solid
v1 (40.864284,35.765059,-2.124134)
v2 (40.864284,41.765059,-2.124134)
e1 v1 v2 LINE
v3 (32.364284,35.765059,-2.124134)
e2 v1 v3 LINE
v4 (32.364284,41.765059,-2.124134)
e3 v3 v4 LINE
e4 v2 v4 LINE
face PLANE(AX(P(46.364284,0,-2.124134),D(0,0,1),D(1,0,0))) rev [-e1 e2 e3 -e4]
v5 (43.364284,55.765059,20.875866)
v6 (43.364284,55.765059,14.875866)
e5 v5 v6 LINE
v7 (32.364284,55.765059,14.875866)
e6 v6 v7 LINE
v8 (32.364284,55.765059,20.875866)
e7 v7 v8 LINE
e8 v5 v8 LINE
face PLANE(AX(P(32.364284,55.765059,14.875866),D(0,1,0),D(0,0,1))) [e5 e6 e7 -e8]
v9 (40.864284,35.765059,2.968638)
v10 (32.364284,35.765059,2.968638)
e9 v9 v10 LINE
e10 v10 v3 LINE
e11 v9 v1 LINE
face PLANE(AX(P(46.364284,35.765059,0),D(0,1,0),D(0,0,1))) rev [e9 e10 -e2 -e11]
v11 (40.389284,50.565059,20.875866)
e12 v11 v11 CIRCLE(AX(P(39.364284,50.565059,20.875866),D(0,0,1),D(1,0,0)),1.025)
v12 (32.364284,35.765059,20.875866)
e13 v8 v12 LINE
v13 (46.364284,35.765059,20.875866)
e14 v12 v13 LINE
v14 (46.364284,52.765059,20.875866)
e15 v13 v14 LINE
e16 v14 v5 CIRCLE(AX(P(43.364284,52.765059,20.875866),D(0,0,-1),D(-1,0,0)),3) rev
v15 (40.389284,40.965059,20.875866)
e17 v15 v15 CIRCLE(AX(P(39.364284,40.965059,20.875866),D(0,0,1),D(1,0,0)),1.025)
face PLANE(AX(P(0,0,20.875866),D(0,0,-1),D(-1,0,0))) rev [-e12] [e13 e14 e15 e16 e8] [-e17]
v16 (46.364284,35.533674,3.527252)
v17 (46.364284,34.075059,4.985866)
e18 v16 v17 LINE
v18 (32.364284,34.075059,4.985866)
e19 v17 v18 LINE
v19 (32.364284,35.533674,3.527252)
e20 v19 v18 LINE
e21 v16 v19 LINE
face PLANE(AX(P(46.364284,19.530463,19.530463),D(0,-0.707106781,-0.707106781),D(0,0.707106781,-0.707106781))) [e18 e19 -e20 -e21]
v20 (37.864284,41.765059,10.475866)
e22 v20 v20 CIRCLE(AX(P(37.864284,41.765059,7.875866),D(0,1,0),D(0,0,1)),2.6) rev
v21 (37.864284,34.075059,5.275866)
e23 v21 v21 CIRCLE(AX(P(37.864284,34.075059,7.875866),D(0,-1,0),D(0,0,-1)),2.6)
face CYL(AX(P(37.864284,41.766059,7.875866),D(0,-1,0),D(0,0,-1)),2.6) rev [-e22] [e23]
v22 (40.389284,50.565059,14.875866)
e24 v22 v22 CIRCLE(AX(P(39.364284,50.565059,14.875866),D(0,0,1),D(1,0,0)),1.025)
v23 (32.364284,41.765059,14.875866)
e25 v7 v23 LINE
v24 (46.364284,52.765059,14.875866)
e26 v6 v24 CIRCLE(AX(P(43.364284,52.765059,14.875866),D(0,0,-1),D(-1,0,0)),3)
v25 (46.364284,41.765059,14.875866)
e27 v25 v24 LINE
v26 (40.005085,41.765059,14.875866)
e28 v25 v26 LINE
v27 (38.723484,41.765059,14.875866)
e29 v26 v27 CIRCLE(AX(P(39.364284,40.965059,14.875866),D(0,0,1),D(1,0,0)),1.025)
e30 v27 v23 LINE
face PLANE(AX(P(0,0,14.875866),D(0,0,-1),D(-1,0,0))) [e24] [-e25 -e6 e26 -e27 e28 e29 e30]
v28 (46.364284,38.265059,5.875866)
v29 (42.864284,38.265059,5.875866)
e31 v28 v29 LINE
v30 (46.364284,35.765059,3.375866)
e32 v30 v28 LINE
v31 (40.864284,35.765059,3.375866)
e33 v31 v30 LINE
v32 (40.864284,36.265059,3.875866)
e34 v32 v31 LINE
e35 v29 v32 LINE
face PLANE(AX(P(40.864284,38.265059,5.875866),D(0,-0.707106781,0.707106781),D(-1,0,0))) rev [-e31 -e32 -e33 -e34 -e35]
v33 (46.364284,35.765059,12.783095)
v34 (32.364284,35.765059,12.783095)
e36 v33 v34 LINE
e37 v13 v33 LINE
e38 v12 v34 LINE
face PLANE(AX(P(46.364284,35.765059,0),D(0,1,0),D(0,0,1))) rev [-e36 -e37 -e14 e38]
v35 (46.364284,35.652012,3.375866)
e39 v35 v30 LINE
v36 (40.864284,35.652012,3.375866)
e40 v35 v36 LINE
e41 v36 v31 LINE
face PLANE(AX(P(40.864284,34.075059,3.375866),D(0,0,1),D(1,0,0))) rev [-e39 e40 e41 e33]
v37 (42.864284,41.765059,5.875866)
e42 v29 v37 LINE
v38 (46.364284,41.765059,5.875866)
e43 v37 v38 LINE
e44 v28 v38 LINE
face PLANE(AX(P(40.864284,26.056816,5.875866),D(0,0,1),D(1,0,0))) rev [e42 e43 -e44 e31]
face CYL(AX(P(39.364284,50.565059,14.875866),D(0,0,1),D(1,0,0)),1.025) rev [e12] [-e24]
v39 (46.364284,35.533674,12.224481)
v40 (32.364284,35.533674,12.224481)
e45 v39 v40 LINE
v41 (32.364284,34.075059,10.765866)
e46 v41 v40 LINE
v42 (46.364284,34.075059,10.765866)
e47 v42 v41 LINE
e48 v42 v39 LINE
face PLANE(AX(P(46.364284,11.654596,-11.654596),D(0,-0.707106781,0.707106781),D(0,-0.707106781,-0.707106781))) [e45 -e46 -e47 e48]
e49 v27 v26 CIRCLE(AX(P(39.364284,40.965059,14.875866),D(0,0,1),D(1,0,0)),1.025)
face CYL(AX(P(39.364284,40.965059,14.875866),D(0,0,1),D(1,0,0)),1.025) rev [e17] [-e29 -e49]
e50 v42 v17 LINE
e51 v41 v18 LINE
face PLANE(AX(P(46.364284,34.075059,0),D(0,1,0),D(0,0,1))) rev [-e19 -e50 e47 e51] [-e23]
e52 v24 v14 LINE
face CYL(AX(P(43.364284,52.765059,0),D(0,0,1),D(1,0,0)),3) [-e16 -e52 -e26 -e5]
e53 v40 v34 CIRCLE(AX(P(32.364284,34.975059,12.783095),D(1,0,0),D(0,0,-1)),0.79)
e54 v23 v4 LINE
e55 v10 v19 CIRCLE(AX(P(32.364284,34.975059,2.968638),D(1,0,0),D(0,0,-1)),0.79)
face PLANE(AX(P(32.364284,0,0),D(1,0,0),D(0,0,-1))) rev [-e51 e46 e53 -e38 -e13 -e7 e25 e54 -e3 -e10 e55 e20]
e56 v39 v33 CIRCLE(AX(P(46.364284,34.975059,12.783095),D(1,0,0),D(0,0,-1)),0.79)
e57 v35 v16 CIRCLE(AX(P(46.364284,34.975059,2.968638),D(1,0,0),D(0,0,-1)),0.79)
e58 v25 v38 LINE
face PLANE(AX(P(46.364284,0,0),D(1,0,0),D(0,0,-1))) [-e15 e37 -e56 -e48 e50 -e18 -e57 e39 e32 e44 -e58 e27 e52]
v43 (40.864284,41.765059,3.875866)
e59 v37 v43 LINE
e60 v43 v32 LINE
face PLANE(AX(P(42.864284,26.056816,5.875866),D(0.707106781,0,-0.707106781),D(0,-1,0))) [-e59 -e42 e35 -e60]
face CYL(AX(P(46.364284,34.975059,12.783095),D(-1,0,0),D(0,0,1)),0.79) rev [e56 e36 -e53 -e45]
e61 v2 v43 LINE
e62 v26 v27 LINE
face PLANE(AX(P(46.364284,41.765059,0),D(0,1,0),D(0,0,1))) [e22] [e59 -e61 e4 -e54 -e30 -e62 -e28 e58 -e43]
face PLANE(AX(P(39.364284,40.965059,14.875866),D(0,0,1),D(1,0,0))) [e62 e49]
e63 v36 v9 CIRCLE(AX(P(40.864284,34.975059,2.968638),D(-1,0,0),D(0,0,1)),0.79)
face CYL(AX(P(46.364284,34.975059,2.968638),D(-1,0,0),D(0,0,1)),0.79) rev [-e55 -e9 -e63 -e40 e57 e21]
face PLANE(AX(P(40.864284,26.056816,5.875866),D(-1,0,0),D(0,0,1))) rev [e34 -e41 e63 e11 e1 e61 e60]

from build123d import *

# Parameters (mm, degrees)
SKETCH1_W                = 20
SKETCH1_H                = 6
BOSS_EXTRUDE1_DEPTH      = 14
CUT_EXTRUDE1_REACH       = 9.69
SKETCH2_R                = 2.6
SKETCH3_W                = 14
SKETCH3_H                = 20
BOSS_EXTRUDE2_DEPTH      = 3
BOSS_EXTRUDE2_DEPTH_BACK = 3
SKETCH4_R                = 1.025
CUT_EXTRUDE4_DEPTH       = 6
SKETCH5_W                = 5.5
SKETCH5_H                = 8
CUT_EXTRUDE5_DEPTH       = 6
CHAMFER1_SIZE            = 2
CHAMFER2_SIZE            = 2.5
SKETCH6_W                = 5.5
SKETCH6_H                = 0.407228715
CUT_EXTRUDE6_DEPTH       = 2.69
FILLET1_R                = 3


with BuildPart() as part:
    # Sketch1 → Boss-Extrude1 (new body)
    with BuildSketch(Plane(origin=(32.364284334, 0, 0), x_dir=(0, 0, -1), z_dir=(1, 0, 0))):
        with Locations((-7.875866483, 38.765059464)):
            Rectangle(SKETCH1_W, SKETCH1_H)
        with BuildLine():
            Line((-12.22448084, 35.533673821), (-10.765866483, 34.075059464))
            Line((-10.765866483, 34.075059464), (-4.985866483, 34.075059464))
            Line((-4.985866483, 34.075059464), (-3.527252126, 35.533673821))
            ThreePointArc((-3.527252126, 35.533673821), (-3.27095768, 35.704924294), (-2.968637768, 35.765059464))
            Line((-2.968637768, 35.765059464), (-12.783095197, 35.765059464))
            ThreePointArc((-12.783095197, 35.765059464), (-12.480775285, 35.704924294), (-12.22448084, 35.533673821))
        make_face()
    extrude(amount=BOSS_EXTRUDE1_DEPTH)

    # Sketch2 → Cut-Extrude1 (cut, up to next)
    with BuildSketch(Plane.XZ.offset(-34.075059464), mode=Mode.PRIVATE) as cut_extrude1_sk1:
        with Locations((37.864284334, 7.875866483)):
            Circle(SKETCH2_R)
    cut_extrude1_tool1 = extrude(cut_extrude1_sk1.sketch, amount=-CUT_EXTRUDE1_REACH, mode=Mode.PRIVATE) & part.part
    add(cut_extrude1_tool1.solids().sort_by_distance((37.864284, 34.075059, 7.875866))[0], mode=Mode.SUBTRACT)

    # Sketch3 → Boss-Extrude2 (add, two sides)
    with BuildSketch(Plane.XY.offset(17.875866483)) as boss_extrude2_sk:
        with Locations((39.364284334, 45.765059464)):
            Rectangle(SKETCH3_W, SKETCH3_H)
    extrude(amount=BOSS_EXTRUDE2_DEPTH)
    extrude(boss_extrude2_sk.sketch, amount=-BOSS_EXTRUDE2_DEPTH_BACK)

    # Sketch4 → Cut-Extrude4 (cut)
    with BuildSketch(Plane.XY.offset(20.875866483)):
        with Locations((39.364284334, 50.565059464)):
            Circle(SKETCH4_R)
        with Locations((39.364284334, 40.965059464)):
            Circle(SKETCH4_R)
    extrude(amount=-CUT_EXTRUDE4_DEPTH, mode=Mode.SUBTRACT)

    # Sketch5 → Cut-Extrude5 (cut)
    with BuildSketch(Plane(origin=(0, 41.765059464, 0), x_dir=(1, 0, 0), z_dir=(0, 1, 0))):
        with Locations((43.614284334, -1.875866483)):
            Rectangle(SKETCH5_W, SKETCH5_H)
    extrude(amount=-CUT_EXTRUDE5_DEPTH, mode=Mode.SUBTRACT)

    # Chamfer1
    chamfer1_edges = [part.edges().sort_by_distance(p)[0] for p in [
        (40.864284334, 38.765059464, 5.875866483),
    ]]
    chamfer(chamfer1_edges, length=CHAMFER1_SIZE)

    # Chamfer2
    chamfer2_edges = [part.edges().sort_by_distance(p)[0] for p in [
        (44.614284334, 35.765059464, 5.875866483),
    ]]
    chamfer(chamfer2_edges, length=CHAMFER2_SIZE)

    # Sketch6 → Cut-Extrude6 (cut, through all)
    with BuildSketch(Plane(origin=(0, 35.765059464, 0), x_dir=(1, 0, 0), z_dir=(0, 1, 0))):
        with Locations((43.614284334, -3.172252126)):
            Rectangle(SKETCH6_W, SKETCH6_H)
    extrude(amount=-CUT_EXTRUDE6_DEPTH, mode=Mode.SUBTRACT)

    # Fillet1
    fillet1_edges = [part.edges().sort_by_distance(p)[0] for p in [
        (46.364284334, 55.765059464, 17.875866483),
    ]]
    fillet(fillet1_edges, radius=FILLET1_R)


solid = part.part
